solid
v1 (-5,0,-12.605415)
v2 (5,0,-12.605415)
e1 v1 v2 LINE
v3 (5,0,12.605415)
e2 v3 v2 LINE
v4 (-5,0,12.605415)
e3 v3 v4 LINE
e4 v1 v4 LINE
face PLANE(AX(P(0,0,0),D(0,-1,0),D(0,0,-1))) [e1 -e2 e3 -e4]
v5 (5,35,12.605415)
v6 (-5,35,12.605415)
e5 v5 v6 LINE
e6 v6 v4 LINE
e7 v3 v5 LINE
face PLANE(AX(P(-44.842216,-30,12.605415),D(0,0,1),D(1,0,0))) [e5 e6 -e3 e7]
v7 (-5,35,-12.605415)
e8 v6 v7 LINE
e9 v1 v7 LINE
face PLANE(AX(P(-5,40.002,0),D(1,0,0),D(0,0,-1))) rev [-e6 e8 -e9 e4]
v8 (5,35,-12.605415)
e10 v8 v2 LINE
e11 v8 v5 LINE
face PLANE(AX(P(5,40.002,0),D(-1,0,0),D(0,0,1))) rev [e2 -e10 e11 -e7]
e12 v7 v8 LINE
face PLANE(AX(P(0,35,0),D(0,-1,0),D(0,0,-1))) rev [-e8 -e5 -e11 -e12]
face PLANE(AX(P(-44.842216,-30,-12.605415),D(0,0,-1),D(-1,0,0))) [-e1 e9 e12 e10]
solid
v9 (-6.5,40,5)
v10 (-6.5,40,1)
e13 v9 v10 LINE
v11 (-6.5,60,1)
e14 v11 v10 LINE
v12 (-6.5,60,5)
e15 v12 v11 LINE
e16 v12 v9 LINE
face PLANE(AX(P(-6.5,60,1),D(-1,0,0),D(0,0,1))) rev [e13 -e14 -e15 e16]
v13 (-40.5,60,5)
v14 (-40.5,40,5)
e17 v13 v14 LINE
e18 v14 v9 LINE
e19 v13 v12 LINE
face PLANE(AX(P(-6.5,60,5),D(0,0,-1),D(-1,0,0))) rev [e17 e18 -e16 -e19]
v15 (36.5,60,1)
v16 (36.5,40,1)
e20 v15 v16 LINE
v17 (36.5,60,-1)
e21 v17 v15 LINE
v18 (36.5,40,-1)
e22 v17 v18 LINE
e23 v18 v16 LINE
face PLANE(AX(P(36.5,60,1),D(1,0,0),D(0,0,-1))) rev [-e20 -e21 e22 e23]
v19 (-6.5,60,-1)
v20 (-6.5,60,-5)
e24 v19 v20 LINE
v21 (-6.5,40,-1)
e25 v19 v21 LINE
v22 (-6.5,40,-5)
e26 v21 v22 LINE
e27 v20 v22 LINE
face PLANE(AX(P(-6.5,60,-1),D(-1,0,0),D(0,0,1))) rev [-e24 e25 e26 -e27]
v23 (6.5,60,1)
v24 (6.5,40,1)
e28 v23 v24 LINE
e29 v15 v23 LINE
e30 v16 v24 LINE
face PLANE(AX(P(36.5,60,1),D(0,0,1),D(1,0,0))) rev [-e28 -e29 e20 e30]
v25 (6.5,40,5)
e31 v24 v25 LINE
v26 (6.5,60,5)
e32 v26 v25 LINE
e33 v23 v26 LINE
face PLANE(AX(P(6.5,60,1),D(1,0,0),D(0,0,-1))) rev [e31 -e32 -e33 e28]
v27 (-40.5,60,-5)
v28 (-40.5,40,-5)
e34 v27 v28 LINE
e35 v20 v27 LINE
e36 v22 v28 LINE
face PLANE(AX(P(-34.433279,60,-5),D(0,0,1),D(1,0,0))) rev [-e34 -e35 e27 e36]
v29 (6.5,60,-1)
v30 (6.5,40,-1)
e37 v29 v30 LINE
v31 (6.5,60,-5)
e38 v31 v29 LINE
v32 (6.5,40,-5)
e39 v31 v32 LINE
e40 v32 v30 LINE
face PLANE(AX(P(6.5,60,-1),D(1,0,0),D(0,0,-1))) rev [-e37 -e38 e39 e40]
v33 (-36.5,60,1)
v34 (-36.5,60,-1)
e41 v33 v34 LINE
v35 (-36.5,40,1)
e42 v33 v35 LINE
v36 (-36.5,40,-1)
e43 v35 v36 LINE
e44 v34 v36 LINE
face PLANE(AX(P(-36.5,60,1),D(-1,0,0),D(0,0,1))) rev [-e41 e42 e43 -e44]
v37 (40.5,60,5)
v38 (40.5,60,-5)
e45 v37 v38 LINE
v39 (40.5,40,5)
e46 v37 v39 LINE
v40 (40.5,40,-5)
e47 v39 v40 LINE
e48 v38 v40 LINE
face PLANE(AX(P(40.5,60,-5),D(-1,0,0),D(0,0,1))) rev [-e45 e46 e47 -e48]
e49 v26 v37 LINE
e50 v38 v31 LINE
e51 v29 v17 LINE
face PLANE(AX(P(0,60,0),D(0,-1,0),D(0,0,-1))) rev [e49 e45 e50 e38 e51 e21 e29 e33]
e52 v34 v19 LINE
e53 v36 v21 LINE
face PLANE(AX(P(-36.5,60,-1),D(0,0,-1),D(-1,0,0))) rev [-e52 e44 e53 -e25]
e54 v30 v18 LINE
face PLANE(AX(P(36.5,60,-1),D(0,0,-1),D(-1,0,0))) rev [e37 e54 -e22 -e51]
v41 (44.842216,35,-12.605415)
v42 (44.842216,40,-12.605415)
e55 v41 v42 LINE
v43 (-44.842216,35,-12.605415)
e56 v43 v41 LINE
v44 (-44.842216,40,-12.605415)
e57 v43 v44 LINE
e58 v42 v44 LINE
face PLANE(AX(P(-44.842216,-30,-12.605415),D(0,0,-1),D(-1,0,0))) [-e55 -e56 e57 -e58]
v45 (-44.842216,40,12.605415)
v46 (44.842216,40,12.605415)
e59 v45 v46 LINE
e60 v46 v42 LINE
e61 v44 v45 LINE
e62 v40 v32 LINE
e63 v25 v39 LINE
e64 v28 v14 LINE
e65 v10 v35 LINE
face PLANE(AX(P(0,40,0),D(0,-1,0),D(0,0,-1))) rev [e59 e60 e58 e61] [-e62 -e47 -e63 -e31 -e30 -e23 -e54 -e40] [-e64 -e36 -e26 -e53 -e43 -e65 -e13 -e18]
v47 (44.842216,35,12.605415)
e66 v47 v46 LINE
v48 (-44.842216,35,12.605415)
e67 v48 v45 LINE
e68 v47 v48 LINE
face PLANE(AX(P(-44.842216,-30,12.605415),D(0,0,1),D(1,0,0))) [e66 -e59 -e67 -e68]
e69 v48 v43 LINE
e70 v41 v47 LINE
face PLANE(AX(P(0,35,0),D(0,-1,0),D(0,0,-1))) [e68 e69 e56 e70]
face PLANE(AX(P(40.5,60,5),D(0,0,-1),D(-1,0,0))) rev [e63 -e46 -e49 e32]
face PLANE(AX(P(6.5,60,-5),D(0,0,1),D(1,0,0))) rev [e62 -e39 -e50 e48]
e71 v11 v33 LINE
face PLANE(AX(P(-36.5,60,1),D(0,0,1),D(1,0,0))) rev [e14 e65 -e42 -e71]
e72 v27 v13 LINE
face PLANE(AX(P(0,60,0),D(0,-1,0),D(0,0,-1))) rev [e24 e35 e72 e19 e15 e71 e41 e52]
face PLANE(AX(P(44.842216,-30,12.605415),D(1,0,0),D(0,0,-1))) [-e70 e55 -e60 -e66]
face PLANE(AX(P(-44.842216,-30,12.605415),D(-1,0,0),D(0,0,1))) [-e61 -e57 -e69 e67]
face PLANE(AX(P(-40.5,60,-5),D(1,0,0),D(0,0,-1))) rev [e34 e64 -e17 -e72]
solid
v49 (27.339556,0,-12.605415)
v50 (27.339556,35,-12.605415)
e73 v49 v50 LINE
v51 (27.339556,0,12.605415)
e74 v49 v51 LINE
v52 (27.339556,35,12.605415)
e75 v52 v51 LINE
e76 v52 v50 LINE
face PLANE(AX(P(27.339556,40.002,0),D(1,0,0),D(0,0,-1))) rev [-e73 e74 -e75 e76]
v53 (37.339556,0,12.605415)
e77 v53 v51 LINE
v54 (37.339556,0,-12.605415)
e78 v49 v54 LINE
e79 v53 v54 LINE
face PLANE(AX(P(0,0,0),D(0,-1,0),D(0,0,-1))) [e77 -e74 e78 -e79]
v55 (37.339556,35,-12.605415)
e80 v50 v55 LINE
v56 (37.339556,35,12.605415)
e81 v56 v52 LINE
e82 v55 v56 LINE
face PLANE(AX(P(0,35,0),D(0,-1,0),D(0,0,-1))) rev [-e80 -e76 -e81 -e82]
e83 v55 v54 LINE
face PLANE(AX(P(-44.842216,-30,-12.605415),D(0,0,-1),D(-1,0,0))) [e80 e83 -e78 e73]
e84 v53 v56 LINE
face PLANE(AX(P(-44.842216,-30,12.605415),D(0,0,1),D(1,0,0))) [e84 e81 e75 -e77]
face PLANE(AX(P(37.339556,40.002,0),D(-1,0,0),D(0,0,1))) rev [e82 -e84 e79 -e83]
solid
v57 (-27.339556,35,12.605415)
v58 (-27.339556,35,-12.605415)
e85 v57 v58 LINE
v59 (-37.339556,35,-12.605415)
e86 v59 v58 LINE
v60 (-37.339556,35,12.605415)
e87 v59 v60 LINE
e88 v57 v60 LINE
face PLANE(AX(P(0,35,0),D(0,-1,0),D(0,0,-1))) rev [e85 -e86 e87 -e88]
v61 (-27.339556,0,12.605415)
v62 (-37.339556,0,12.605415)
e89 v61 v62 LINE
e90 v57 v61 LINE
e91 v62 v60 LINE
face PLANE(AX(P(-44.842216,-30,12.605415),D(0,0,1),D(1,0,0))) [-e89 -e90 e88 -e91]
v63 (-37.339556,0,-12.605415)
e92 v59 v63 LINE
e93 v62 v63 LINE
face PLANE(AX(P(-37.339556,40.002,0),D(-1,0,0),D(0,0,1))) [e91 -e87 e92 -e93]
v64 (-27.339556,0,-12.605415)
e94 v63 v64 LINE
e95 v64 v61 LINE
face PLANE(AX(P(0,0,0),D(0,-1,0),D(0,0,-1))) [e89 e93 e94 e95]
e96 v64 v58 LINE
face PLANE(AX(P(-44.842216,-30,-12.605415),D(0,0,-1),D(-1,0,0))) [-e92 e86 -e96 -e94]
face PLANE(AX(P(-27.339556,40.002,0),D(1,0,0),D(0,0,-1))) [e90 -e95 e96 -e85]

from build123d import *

# Parameters (mm, degrees)
SKETCH1_W            = 140
SKETCH1_H            = 100
BOSS_EXTRUDE2_DEPTH  = 40
BOSS_EXTRUDE2_TAPER  = 20
SHELL1_T             = -5
BOSS_EXTRUDE3_REACH  = 96.868
SKETCH4_W            = 10
SKETCH4_H            = 89.358222276
SKETCH8_W            = 10
SKETCH8_H            = 10
BOSS_EXTRUDE4_DEPTH  = 30
BOSS_EXTRUDE5_REACH  = 126.987
BOSS_EXTRUDE6_DEPTH  = 20
SKETCH13_R           = 3.25
CUT_EXTRUDE2_DEPTH   = 129.840987391
SKETCH14_R           = 3.25
CUT_EXTRUDE3_DEPTH   = 111.905365172
SKETCH15_OUTSIDE_W   = 180.832
SKETCH15_OUTSIDE_H   = 140.832
SKETCH15_OUTSIDE_W_2 = 89.684431162
SKETCH15_OUTSIDE_H_2 = 25.21083088
CUT_EXTRUDE6_DEPTH   = 111.905365172


with BuildPart() as part:
    # Sketch1 → Boss-Extrude2 (new body)
    with BuildSketch(Plane(origin=(0, 0, 0), x_dir=(1, 0, 0), z_dir=(0, 1, 0))):
        Rectangle(SKETCH1_W, SKETCH1_H)
    extrude(amount=BOSS_EXTRUDE2_DEPTH, taper=BOSS_EXTRUDE2_TAPER)

    # Shell1
    shell1_openings = [part.faces().sort_by_distance(p)[0] for p in [
        (0, 0, 0),
    ]]
    offset(amount=SHELL1_T, openings=shell1_openings, kind=Kind.INTERSECTION)


with BuildPart() as body_2:

    # Sketch4 → Boss-Extrude3 (new, up to next)
    with BuildSketch(Plane.XZ, mode=Mode.PRIVATE) as boss_extrude3_sk1:
        with Locations((-32.339555569, 0)):
            Rectangle(SKETCH4_W, SKETCH4_H)
    boss_extrude3_tool1 = extrude(boss_extrude3_sk1.sketch, amount=-BOSS_EXTRUDE3_REACH, mode=Mode.PRIVATE) - part.part
    # Sketch4 → Boss-Extrude3 (new, up to next)
    with BuildSketch(Plane.XZ, mode=Mode.PRIVATE) as boss_extrude3_sk2:
        with Locations((32.339555569, 0)):
            Rectangle(SKETCH4_W, SKETCH4_H)
    boss_extrude3_tool2 = extrude(boss_extrude3_sk2.sketch, amount=-BOSS_EXTRUDE3_REACH, mode=Mode.PRIVATE) - part.part
    # Sketch4 → Boss-Extrude3 (new, up to next)
    with BuildSketch(Plane.XZ, mode=Mode.PRIVATE) as boss_extrude3_sk3:
        Rectangle(SKETCH4_W, SKETCH4_H)
    boss_extrude3_tool3 = extrude(boss_extrude3_sk3.sketch, amount=-BOSS_EXTRUDE3_REACH, mode=Mode.PRIVATE) - part.part
    add(boss_extrude3_tool1.solids().sort_by_distance((-32.339556, 0, 0))[0])
    add(boss_extrude3_tool2.solids().sort_by_distance((32.339556, 0, 0))[0])
    add(boss_extrude3_tool3.solids().sort_by_distance((0, 0, 0))[0])


with BuildPart() as part_1:
    add(part.part)

    # Sketch8 → Boss-Extrude4 (add)
    with BuildSketch(Plane.XZ):
        with Locations((-32.339555569, 45)):
            Rectangle(SKETCH8_W, SKETCH8_H)
        with Locations((32.339555569, 45)):
            Rectangle(SKETCH8_W, SKETCH8_H)
    extrude(amount=BOSS_EXTRUDE4_DEPTH)

    # Boss-Extrude5: up to this face of the body (flat: up to its plane)
    boss_extrude5_end = Plane(body_2.part.faces().sort_by_distance((-37.339555569, 16.530131779, 0))[0])
    # Sketch9 → Boss-Extrude5 (add, up to the picked face)
    with BuildSketch(Plane(origin=(37.339555569, 0, 0), x_dir=(0, 0, -1), z_dir=(1, 0, 0)), mode=Mode.PRIVATE) as boss_extrude5_sk1:
        Polygon((-40, -15), (-25, 0), (-30, 0), (-40, -10), align=None)
    boss_extrude5_tool1 = split(extrude(boss_extrude5_sk1.sketch, amount=-BOSS_EXTRUDE5_REACH, mode=Mode.PRIVATE), bisect_by=boss_extrude5_end, keep=Keep.BOTH, mode=Mode.PRIVATE)
    add(boss_extrude5_tool1.solids().sort_by(Axis((37.339556, -6.333333, 33.666667), (-1, 0, 0)))[0])

    # Sketch12 → Boss-Extrude6 (add)
    with BuildSketch(Plane(origin=(0, 40, 0), x_dir=(1, 0, 0), z_dir=(0, 1, 0))):
        Polygon((-36.5, -1), (-36.5, 1), (-6.5, 1), (-6.5, 5), (-34.433278652, 5), (-40.5, 5), (-40.5, -5), (-36.5, -5), (-6.5, -5), (-6.5, -1), align=None)
        Polygon((40.5, 5), (40.5, -5), (36.5, -5), (6.5, -5), (6.5, -1), (36.5, -1), (36.5, 1), (6.5, 1), (6.5, 5), (34.433278652, 5), align=None)
    extrude(amount=BOSS_EXTRUDE6_DEPTH)

    # Sketch13 → Cut-Extrude2 (cut, through all)
    with BuildSketch(Plane(origin=(0, 0, 40), x_dir=(-1, 0, 0), z_dir=(0, 0, -1))):
        with Locations((-32.339555569, -22.5)):
            Circle(SKETCH13_R)
        with Locations(Location((32.339555569, -22.5, 0), (0, 0, 180))):
            Circle(SKETCH13_R)
    extrude(amount=-CUT_EXTRUDE2_DEPTH, mode=Mode.SUBTRACT)


with BuildPart() as cut_extrude3_tool:
    # Sketch14 → Cut-Extrude3 (new, through all)
    with BuildSketch(Plane(origin=(0, 40, 0), x_dir=(1, 0, 0), z_dir=(0, 1, 0))):
        with Locations(Location((-27.721190629, 23.631190629, 0), (0, 0, 270))):
            Circle(SKETCH14_R)
        with Locations(Location((27.721190629, 23.631190629, 0), (0, 0, 270))):
            Circle(SKETCH14_R)
        with BuildLine():
            ThreePointArc((3.25, -23.631190629), (2.298097039, -21.33309359), (0, -20.381190629))
            Line((0, -20.381190629), (0, -26.881190629))
            ThreePointArc((0, -26.881190629), (2.298097039, -25.929287668), (3.25, -23.631190629))
        make_face()
        with BuildLine():
            Line((0, -26.881190629), (0, -20.381190629))
            ThreePointArc((0, -20.381190629), (-3.25, -23.631190629), (0, -26.881190629))
        make_face()
    extrude(amount=-CUT_EXTRUDE3_DEPTH)


with BuildPart() as part_2:
    add(part_1.part)

    # Cut-Extrude3: cut by cut_extrude3_tool
    add(cut_extrude3_tool.part, mode=Mode.SUBTRACT)


with BuildPart() as body_2_1:
    add(body_2.part)

    # Cut-Extrude3: cut by cut_extrude3_tool
    add(cut_extrude3_tool.part, mode=Mode.SUBTRACT)


with BuildPart() as cut_extrude6_tool:
    # Sketch15 outside → Cut-Extrude6 (new, through all)
    with BuildSketch(Plane(origin=(0, 40, 0), x_dir=(1, 0, 0), z_dir=(0, 1, 0))):
        Rectangle(SKETCH15_OUTSIDE_W, SKETCH15_OUTSIDE_H)
        Rectangle(SKETCH15_OUTSIDE_W_2, SKETCH15_OUTSIDE_H_2, mode=Mode.SUBTRACT)
    extrude(amount=-CUT_EXTRUDE6_DEPTH)


with BuildPart() as part_3:
    add(part_2.part)

    # Cut-Extrude6: cut by cut_extrude6_tool
    add(cut_extrude6_tool.part, mode=Mode.SUBTRACT)


with BuildPart() as body_2_2:
    add(body_2_1.part)

    # Cut-Extrude6: cut by cut_extrude6_tool
    add(cut_extrude6_tool.part, mode=Mode.SUBTRACT)


solid = Compound([part_3.part, body_2_2.part])
